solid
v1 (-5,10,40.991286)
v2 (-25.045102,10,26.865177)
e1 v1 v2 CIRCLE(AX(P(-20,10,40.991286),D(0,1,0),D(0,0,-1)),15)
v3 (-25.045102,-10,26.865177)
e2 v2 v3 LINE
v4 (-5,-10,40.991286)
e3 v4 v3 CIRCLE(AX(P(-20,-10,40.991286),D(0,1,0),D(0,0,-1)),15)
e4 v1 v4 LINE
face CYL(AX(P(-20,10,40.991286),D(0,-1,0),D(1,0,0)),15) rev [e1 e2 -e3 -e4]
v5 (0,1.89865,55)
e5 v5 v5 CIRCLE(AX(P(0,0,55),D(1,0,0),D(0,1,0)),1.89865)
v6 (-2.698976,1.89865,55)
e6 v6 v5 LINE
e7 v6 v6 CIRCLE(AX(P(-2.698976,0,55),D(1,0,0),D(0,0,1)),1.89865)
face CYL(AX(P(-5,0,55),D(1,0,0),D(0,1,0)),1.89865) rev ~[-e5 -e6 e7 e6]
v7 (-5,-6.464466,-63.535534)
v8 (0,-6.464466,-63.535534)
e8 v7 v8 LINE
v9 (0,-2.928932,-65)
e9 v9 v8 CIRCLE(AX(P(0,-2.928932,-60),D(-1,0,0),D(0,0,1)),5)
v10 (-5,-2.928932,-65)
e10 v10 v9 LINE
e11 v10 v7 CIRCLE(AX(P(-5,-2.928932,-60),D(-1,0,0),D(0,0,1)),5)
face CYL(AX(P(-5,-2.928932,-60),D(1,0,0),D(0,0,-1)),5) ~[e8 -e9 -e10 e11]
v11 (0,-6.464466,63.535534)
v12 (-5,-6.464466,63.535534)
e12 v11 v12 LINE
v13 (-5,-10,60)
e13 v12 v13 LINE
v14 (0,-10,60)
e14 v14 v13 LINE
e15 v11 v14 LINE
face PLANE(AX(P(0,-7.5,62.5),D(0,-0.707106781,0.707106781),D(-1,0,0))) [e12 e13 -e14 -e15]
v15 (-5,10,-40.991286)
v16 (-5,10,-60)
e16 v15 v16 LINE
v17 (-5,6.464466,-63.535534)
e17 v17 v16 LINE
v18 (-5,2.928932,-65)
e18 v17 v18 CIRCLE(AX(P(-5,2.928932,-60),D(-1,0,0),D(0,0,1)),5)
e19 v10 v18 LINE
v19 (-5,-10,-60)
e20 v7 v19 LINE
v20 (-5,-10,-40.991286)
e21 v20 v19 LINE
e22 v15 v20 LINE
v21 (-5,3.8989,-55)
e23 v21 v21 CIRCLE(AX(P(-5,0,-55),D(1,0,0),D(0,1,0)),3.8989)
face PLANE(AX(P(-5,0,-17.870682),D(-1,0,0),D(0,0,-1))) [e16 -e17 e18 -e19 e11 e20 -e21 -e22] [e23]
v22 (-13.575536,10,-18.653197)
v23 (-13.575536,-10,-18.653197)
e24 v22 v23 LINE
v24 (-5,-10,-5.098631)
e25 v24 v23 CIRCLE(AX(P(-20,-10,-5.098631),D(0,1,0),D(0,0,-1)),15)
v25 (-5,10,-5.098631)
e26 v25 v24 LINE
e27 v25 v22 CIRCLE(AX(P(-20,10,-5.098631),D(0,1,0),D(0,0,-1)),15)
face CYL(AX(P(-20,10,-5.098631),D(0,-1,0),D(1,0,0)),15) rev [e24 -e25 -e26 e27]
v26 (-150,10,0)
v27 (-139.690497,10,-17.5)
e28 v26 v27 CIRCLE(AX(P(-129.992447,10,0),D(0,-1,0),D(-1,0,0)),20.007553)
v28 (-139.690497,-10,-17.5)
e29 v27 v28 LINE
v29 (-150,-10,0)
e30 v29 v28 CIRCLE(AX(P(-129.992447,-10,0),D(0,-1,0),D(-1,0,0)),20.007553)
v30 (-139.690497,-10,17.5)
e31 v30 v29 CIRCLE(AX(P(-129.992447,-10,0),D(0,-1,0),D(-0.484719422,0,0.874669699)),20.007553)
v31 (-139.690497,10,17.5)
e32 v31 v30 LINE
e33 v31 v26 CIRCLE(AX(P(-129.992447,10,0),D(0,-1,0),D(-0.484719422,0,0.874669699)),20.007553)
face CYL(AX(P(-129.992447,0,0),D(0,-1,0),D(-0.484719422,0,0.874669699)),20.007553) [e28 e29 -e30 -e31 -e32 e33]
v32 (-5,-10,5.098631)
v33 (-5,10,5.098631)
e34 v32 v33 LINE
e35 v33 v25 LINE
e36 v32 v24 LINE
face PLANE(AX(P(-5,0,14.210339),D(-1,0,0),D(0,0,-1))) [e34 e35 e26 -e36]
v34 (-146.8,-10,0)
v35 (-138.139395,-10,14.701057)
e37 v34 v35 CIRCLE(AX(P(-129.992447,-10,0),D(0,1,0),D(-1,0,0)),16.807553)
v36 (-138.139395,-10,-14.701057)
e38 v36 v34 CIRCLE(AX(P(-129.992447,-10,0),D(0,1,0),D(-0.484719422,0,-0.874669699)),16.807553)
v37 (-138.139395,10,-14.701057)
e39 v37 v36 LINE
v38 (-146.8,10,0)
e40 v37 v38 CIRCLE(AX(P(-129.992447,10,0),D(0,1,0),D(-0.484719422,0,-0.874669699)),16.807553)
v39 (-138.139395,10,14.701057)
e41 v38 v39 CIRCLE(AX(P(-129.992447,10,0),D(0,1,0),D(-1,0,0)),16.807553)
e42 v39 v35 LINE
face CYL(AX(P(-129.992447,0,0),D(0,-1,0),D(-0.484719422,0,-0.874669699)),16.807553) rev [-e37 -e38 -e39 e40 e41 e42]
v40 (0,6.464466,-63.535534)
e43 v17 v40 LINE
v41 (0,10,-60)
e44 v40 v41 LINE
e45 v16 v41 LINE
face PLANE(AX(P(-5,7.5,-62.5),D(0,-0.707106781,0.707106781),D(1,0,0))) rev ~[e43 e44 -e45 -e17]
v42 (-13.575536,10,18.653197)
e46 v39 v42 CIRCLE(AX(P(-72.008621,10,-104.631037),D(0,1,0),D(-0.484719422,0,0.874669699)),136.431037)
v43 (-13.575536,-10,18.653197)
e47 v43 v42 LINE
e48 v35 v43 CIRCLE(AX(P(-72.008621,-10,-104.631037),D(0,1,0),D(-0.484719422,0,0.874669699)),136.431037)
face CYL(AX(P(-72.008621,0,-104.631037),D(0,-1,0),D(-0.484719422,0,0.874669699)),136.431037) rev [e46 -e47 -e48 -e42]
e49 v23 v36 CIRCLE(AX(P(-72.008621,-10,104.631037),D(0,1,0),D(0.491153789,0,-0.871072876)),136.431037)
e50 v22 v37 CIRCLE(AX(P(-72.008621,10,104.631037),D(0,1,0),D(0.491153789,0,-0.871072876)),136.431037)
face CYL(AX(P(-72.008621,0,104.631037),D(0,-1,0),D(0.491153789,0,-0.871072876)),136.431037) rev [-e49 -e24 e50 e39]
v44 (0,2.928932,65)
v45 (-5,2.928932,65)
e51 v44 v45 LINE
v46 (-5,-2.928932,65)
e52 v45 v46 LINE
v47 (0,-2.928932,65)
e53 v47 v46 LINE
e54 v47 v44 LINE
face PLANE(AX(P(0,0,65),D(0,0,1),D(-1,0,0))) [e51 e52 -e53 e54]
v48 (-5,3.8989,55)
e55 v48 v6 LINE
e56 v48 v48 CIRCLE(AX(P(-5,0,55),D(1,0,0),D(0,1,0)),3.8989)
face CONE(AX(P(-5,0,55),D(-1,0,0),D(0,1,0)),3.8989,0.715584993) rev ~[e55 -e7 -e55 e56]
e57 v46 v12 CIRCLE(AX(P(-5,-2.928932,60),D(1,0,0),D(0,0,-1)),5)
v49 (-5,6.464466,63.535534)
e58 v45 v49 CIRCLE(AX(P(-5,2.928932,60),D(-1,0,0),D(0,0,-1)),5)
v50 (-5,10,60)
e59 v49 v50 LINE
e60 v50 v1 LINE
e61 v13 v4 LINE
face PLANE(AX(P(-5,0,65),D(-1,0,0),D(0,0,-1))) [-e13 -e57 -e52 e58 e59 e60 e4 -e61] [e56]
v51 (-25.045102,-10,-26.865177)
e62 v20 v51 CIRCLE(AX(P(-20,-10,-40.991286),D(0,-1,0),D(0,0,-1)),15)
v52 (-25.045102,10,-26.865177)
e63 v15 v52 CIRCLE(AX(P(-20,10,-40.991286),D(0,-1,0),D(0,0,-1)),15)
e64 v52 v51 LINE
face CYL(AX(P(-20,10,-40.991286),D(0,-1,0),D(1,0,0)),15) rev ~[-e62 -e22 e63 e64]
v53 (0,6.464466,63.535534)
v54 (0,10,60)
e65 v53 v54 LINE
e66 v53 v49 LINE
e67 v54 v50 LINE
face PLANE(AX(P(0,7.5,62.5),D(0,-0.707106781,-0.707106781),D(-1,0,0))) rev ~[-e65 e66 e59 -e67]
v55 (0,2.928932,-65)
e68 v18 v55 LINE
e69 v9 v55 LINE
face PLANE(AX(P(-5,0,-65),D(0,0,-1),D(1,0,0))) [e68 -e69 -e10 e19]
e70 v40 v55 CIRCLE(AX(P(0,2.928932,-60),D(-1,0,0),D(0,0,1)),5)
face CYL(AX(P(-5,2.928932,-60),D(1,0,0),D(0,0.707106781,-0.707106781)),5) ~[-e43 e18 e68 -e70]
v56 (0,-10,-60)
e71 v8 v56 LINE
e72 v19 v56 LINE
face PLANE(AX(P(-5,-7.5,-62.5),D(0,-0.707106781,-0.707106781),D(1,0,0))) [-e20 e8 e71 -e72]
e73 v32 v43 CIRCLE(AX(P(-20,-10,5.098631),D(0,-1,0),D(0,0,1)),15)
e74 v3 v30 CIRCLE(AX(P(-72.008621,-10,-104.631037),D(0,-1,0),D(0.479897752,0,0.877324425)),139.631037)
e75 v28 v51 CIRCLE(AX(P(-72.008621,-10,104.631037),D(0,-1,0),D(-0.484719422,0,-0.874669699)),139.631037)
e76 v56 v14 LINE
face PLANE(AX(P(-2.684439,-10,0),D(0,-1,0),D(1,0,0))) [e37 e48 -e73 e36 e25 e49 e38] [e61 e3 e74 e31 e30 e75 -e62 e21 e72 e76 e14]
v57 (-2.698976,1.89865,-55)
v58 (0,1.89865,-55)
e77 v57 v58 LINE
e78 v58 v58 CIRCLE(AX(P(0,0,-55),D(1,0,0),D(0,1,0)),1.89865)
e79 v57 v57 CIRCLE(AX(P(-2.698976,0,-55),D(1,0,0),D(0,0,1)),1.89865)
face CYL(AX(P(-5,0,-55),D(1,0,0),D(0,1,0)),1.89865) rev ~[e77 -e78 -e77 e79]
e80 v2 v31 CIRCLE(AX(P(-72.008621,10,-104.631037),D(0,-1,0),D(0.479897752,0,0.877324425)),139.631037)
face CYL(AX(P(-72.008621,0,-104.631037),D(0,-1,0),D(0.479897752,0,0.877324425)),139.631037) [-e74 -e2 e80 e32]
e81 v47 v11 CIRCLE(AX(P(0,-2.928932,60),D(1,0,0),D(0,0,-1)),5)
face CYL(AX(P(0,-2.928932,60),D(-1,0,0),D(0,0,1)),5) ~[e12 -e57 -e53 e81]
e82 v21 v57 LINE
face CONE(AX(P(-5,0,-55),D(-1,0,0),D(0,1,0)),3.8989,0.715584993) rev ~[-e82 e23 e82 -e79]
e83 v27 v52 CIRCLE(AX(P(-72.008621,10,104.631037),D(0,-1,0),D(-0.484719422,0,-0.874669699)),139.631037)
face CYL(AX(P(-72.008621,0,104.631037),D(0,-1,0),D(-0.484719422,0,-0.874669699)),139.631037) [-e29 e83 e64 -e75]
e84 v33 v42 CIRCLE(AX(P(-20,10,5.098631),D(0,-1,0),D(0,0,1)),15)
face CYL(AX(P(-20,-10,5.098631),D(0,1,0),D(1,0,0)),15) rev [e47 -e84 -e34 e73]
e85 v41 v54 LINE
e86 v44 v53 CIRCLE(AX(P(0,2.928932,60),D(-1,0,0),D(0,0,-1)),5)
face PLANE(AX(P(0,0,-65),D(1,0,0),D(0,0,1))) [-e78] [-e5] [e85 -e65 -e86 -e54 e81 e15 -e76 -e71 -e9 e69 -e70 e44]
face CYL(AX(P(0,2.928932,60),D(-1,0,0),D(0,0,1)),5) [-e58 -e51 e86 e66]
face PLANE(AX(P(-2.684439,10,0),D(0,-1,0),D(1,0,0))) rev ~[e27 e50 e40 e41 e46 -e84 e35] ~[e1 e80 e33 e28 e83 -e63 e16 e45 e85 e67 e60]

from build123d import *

# Parameters (mm, degrees)
F1_DEPTH       = 10
F3_D           = 3.7973
F3_CSINK_D     = 7.7978
F3_CSINK_ANGLE = 82
F4_SIZE        = 5
F5_R           = 5
F6_R           = 15


with BuildPart() as f1:
    # F0 (on Front) → F1 (new body, symmetric)
    with BuildSketch(Plane.XZ):
        with BuildLine():
            Line((0, -15), (0, 15))
            ThreePointArc((0, 15), (-2.4851818051, 16.4611506644), (-5, 17.8706822588))
            Line((-5, 17.8706822588), (-5, 14.2103387279))
            Line((-5, 14.2103387279), (-5, -14.2103387279))
            Line((-5, -14.2103387279), (-5, -17.8706822588))
            ThreePointArc((-5, -17.8706822588), (-2.4851818051, -16.4611506644), (0, -15))
        make_face()
        with BuildLine():
            Line((0, 15), (0, 65))
            Line((0, 65), (-5, 65))
            Line((-5, 65), (-5, 17.8706822588))
            ThreePointArc((-5, 17.8706822588), (-2.4851818051, 16.4611506644), (0, 15))
        make_face()
        with BuildLine():
            Line((0, -65), (0, -15))
            ThreePointArc((0, -15), (-2.4851818051, -16.4611506644), (-5, -17.8706822588))
            Line((-5, -17.8706822588), (-5, -65))
            Line((-5, -65), (0, -65))
        make_face()
        with BuildLine():
            Line((-5, 14.2103387279), (-5, 17.8706822588))
            ThreePointArc((-5, 17.8706822588), (-72.3928986571, 34.9994712149), (-139.6904967398, 17.5))
            ThreePointArc((-139.6904967398, 17.5), (-147.231014529, 10.1554893712), (-150, 0))
            ThreePointArc((-150, 0), (-147.231014529, -10.1554893712), (-139.6904967398, -17.5))
            ThreePointArc((-139.6904967398, -17.5), (-72.3928986571, -34.9994712149), (-5, -17.8706822588))
            Line((-5, -17.8706822588), (-5, -14.2103387279))
            ThreePointArc((-5, -14.2103387279), (-71.5057739854, -31.7990733195), (-138.1393945883, -14.7010569646))
            ThreePointArc((-138.1393945883, -14.7010569646), (-144.4738849633, -8.5312244428), (-146.8, 0))
            ThreePointArc((-146.8, 0), (-144.4738849633, 8.5312244428), (-138.1393945883, 14.7010569646))
            ThreePointArc((-138.1393945883, 14.7010569646), (-71.5057739854, 31.7990733195), (-5, 14.2103387279))
        make_face()
    extrude(amount=F1_DEPTH, both=True)

    # F3 (through all)
    with Locations(Plane(origin=(-5, 0, 0), x_dir=(0, -1, 0), z_dir=(-1, 0, 0))):
        with Locations((0, 55), (0, -55)):
            CounterSinkHole(F3_D / 2, F3_CSINK_D / 2, counter_sink_angle=F3_CSINK_ANGLE)

    # F4
    f4_edges = [f1.edges().sort_by_distance(p)[0] for p in [
        (-2.5, -10, 65),
        (-2.5, 10, 65),
        (-2.5, -10, -65),
        (-2.5, 10, -65),
    ]]
    chamfer(f4_edges, length=F4_SIZE)

    # F5
    f5_edges = [f1.edges().sort_by_distance(p)[0] for p in [
        (-2.5, -5, -65),
        (-2.5, 5, -65),
        (-2.5, -5, 65),
        (-2.5, 5, 65),
    ]]
    fillet(f5_edges, radius=F5_R)

    # F6
    f6_edges = [f1.edges().sort_by_distance(p)[0] for p in [
        (-5, 0, 14.210339),
        (-5, 0, 17.870682),
        (-5, 0, -17.870682),
        (-5, 0, -14.210339),
    ]]
    fillet(f6_edges, radius=F6_R)


solid = f1.part
